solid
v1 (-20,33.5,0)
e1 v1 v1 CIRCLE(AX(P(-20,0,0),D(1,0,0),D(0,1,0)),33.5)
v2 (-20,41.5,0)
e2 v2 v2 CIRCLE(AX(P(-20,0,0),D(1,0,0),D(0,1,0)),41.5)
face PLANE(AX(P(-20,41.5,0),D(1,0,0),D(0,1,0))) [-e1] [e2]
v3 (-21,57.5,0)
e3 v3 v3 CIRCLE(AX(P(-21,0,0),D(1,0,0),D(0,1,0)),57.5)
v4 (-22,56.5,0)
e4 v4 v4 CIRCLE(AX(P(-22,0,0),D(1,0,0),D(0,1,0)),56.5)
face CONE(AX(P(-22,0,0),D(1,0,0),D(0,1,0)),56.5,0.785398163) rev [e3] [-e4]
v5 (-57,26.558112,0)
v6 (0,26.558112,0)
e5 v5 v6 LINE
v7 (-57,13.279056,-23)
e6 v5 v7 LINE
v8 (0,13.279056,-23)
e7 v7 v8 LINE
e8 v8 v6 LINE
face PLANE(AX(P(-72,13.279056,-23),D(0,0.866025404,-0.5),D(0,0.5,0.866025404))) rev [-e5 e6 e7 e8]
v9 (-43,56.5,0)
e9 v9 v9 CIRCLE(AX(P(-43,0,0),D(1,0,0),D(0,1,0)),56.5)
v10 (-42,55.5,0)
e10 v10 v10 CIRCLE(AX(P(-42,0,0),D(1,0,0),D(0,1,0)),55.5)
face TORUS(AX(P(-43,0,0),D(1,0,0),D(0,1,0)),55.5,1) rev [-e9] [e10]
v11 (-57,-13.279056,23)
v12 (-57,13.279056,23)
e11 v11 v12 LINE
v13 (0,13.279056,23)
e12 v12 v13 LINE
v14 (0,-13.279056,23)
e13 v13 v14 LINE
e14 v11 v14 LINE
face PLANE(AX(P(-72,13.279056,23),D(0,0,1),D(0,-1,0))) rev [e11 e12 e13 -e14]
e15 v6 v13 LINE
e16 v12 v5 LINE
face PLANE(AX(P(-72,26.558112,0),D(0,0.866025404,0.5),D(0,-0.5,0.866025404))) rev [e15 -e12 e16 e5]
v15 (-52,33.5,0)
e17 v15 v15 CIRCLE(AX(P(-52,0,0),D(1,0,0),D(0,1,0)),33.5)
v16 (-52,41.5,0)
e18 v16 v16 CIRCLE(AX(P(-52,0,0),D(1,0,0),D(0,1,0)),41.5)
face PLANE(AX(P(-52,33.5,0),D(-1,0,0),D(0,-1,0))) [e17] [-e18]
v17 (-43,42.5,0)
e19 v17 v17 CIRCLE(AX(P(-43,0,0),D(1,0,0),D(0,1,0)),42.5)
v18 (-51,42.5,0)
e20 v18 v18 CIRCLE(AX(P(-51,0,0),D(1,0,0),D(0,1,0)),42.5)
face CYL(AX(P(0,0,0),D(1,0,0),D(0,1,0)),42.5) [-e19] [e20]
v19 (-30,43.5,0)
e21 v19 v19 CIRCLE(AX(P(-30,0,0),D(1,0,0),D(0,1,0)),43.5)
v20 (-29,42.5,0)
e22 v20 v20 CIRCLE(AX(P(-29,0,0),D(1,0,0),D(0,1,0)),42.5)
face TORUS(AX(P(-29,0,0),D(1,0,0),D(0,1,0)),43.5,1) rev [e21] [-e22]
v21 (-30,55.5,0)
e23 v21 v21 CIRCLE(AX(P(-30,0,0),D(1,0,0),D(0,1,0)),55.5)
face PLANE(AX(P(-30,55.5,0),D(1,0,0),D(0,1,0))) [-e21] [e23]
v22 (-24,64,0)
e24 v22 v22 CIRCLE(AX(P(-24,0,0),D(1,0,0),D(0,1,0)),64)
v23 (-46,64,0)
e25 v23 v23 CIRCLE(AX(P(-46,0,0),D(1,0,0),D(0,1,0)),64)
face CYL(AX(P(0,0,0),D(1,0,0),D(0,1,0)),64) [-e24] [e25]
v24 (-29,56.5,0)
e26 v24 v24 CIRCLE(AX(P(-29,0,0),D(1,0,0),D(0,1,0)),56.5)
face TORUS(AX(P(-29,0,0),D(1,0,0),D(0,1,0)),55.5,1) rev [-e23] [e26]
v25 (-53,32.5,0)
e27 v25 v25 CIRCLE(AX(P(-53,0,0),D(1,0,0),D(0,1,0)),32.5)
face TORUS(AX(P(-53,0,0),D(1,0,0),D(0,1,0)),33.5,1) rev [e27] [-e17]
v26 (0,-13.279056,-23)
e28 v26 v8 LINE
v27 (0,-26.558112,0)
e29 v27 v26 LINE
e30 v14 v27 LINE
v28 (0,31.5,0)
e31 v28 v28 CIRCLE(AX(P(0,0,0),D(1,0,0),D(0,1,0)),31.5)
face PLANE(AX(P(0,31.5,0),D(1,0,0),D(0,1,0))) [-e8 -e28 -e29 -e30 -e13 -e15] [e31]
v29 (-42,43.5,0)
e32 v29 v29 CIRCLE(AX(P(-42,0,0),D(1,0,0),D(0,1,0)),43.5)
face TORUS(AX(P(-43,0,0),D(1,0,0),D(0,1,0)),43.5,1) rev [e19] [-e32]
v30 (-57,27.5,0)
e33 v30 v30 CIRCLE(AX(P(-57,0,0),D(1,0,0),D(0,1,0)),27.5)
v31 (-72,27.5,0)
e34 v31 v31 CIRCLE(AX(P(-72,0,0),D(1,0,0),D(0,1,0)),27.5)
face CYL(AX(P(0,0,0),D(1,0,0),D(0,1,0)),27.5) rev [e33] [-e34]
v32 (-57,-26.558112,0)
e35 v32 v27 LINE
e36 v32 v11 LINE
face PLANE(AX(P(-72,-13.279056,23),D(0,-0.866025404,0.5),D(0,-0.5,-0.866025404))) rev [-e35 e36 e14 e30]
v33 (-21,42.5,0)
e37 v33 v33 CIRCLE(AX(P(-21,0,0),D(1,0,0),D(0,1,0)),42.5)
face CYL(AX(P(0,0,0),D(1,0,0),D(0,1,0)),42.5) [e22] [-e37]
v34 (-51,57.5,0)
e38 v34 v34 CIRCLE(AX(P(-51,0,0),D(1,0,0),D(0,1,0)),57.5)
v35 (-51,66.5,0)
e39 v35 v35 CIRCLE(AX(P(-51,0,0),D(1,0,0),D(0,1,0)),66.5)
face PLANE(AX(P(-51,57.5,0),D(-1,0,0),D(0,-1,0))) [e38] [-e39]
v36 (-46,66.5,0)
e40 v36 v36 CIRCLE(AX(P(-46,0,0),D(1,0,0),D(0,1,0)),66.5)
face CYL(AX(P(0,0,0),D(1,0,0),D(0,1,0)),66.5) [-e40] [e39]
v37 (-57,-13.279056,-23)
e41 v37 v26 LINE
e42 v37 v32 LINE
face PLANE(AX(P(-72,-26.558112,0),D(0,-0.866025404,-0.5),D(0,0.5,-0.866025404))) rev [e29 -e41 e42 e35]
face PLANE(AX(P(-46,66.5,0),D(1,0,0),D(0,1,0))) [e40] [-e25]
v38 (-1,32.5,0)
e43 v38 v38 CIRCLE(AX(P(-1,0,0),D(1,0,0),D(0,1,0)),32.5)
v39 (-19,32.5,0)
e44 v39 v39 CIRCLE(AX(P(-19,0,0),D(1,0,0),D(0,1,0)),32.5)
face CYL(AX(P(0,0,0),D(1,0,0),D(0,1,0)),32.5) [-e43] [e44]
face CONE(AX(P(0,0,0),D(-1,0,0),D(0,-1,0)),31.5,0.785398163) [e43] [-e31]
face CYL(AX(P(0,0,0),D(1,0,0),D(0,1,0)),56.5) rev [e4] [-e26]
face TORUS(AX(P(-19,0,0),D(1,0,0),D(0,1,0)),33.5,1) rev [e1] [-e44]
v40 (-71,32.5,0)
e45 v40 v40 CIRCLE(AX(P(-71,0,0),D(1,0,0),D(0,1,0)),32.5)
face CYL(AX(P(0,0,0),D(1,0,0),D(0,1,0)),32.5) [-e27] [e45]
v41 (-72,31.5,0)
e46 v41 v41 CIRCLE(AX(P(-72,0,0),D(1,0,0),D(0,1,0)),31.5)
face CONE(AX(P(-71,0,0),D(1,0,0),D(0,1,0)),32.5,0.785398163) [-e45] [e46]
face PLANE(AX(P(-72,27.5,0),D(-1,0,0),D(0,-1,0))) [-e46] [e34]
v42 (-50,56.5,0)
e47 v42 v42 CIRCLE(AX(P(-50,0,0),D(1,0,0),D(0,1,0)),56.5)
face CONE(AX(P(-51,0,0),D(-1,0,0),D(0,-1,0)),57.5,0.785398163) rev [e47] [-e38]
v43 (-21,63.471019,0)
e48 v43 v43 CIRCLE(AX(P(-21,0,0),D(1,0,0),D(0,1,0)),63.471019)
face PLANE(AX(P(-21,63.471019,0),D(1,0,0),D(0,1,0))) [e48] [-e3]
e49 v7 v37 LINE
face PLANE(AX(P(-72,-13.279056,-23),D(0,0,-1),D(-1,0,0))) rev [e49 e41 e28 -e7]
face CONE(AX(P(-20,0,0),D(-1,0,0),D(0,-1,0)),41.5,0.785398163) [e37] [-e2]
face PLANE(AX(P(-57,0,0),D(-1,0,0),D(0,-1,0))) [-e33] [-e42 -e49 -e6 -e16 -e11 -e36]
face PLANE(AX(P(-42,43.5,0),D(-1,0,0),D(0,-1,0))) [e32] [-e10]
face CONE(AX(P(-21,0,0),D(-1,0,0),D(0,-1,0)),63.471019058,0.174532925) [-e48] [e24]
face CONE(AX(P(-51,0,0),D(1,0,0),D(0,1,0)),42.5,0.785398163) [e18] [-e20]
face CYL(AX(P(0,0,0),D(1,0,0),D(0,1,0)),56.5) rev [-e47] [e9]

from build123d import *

# Parameters (mm, degrees)
CUT_EXTRUDE_1_DEPTH = 119.441968913


with BuildPart() as part:
    # Эскиз1 → Повернуть1 (revolve)
    with BuildSketch(Plane.XY):
        with BuildLine():
            Line((0, 0), (-57, 0))
            Line((-57, 0), (-57, 27.5))
            Line((-57, 27.5), (-72, 27.5))
            Line((-72, 27.5), (-72, 31.5))
            Line((-72, 31.5), (-71, 32.5))
            Line((-71, 32.5), (-53, 32.5))
            ThreePointArc((-53, 32.5), (-52.292893219, 32.792893219), (-52, 33.5))
            Line((-52, 33.5), (-52, 41.5))
            Line((-52, 41.5), (-51, 42.5))
            Line((-51, 42.5), (-43, 42.5))
            ThreePointArc((-43, 42.5), (-42.292893219, 42.792893219), (-42, 43.5))
            Line((-42, 43.5), (-42, 55.5))
            ThreePointArc((-42, 55.5), (-42.292893219, 56.207106781), (-43, 56.5))
            Line((-43, 56.5), (-50, 56.5))
            Line((-50, 56.5), (-51, 57.5))
            Line((-51, 57.5), (-51, 66.5))
            Line((-51, 66.5), (-46, 66.5))
            Line((-46, 66.5), (-46, 64))
            Line((-46, 64), (-24, 64))
            Line((-24, 64), (-21, 63.471019058))
            Line((-21, 63.471019058), (-21, 57.5))
            Line((-21, 57.5), (-22, 56.5))
            Line((-22, 56.5), (-29, 56.5))
            ThreePointArc((-29, 56.5), (-29.707106781, 56.207106781), (-30, 55.5))
            Line((-30, 55.5), (-30, 43.5))
            ThreePointArc((-30, 43.5), (-29.707106781, 42.792893219), (-29, 42.5))
            Line((-29, 42.5), (-21, 42.5))
            Line((-21, 42.5), (-20, 41.5))
            Line((-20, 41.5), (-20, 33.5))
            ThreePointArc((-20, 33.5), (-19.707106781, 32.792893219), (-19, 32.5))
            Line((-19, 32.5), (-1, 32.5))
            Line((-1, 32.5), (0, 31.5))
            Line((0, 31.5), (0, 0))
        make_face()
    revolve(axis=Axis((0, 0, 0), (-1, 0, 0)))

    # Эскиз2 → Вырез-Вытянуть1 (cut, through all)
    with BuildSketch(Plane(origin=(0, 0, 0), x_dir=(0, 0, -1), z_dir=(1, 0, 0))):
        Polygon((0, 26.558112383), (-23, 13.279056191), (-23, -13.279056191), (0, -26.558112383), (23, -13.279056191), (23, 13.279056191), align=None)
    extrude(amount=-CUT_EXTRUDE_1_DEPTH, mode=Mode.SUBTRACT)


solid = part.part
